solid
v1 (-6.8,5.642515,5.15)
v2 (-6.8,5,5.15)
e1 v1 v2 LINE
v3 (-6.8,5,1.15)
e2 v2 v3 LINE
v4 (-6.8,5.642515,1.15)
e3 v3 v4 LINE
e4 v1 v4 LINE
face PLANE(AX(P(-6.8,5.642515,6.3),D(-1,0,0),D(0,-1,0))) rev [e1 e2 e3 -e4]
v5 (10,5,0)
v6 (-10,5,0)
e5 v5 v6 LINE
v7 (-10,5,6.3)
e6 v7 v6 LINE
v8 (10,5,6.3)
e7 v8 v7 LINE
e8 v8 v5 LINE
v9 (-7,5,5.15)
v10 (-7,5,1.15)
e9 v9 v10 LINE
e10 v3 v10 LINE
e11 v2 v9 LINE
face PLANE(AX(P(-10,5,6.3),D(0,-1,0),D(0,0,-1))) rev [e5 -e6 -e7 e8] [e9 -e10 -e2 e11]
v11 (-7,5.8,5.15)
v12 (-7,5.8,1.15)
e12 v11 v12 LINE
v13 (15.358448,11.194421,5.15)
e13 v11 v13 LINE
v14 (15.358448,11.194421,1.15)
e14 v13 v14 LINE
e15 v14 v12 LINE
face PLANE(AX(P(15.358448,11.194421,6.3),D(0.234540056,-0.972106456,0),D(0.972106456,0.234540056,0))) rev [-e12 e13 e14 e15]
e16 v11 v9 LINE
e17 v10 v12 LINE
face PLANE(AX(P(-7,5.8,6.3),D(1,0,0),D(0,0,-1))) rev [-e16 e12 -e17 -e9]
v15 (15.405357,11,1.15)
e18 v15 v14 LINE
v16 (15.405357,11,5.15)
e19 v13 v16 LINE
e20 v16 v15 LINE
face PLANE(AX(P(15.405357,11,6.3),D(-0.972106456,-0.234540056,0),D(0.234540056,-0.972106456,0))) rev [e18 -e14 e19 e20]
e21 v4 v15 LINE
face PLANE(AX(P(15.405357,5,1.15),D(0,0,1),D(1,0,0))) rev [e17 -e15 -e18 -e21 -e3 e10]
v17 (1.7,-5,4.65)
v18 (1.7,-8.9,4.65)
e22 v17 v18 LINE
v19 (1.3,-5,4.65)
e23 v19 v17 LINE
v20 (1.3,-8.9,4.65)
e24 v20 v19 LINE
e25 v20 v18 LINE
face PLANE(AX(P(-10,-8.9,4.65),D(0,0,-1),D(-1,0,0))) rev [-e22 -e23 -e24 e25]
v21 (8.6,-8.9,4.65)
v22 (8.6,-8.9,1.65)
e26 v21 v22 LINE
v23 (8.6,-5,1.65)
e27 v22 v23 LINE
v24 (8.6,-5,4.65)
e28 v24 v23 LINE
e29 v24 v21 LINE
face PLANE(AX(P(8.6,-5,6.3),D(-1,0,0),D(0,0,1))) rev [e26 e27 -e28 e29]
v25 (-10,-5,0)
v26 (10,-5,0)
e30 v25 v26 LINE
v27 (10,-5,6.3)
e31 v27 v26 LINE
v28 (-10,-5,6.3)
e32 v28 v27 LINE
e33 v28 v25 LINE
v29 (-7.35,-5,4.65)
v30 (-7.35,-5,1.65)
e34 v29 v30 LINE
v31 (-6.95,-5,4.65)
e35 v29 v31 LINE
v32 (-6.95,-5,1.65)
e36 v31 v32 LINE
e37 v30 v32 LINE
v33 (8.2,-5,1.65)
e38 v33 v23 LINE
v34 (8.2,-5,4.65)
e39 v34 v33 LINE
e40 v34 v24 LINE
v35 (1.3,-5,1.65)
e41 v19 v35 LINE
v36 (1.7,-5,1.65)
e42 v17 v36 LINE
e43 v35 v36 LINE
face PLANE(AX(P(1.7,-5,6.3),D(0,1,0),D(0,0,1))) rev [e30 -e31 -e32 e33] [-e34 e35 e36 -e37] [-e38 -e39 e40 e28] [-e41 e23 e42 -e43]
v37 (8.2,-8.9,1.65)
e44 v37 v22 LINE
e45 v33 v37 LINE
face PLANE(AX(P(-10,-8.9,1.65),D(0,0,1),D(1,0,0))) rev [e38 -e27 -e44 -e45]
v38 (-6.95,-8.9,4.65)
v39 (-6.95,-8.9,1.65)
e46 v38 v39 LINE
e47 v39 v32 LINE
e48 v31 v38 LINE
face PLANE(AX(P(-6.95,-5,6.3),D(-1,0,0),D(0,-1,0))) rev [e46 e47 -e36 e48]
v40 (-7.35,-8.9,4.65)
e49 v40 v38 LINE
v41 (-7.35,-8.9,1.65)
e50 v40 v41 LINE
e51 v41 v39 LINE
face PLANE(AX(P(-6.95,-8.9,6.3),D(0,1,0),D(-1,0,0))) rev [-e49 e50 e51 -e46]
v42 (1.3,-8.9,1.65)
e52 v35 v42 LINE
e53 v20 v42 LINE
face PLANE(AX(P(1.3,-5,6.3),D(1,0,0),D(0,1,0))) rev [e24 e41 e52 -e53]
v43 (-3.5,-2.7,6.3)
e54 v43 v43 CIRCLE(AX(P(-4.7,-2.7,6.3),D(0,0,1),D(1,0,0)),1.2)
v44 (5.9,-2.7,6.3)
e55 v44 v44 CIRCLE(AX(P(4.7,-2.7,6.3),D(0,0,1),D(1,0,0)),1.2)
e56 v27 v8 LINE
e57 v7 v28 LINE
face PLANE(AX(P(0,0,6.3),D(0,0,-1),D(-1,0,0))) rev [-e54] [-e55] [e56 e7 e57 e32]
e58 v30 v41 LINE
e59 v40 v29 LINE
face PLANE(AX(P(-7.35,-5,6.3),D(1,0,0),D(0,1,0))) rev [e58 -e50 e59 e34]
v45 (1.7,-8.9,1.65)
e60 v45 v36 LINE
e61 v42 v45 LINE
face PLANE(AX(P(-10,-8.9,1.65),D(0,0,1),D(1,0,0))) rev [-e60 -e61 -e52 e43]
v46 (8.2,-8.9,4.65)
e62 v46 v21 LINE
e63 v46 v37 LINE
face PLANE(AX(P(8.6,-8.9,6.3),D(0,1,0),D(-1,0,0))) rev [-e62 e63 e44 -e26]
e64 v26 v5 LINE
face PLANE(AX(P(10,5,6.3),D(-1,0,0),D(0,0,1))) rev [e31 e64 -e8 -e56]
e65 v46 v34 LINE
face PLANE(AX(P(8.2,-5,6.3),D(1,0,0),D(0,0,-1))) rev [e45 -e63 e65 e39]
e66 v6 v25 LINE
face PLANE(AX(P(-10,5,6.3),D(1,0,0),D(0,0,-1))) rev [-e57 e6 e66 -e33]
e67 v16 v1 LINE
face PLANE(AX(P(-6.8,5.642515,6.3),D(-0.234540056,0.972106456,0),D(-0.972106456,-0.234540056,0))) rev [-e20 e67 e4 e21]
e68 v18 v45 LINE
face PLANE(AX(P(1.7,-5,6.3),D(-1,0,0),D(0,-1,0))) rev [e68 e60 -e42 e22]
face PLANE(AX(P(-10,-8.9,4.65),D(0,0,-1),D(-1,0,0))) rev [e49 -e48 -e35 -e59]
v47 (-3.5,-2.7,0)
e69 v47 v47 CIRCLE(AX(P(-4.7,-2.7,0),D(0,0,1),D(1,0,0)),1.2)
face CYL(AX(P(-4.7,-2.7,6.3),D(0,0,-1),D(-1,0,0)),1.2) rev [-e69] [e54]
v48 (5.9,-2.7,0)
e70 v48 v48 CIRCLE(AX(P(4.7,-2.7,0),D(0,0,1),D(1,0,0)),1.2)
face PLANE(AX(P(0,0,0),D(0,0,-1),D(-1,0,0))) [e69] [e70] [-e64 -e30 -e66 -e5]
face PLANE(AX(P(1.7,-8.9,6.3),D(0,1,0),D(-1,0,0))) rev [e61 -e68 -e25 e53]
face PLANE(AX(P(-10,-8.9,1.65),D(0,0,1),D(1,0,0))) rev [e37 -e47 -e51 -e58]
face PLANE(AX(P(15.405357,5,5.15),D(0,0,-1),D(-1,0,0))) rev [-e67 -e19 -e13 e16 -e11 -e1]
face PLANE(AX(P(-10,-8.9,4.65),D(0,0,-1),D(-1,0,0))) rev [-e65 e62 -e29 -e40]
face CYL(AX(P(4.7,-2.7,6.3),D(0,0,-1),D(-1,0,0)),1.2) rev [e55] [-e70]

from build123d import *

# Parameters (mm, degrees)
ESBO_O1_R                = 1.2
RESSALTO_EXTRUS_O1_DEPTH = 6.3
ESBO_O2_W                = 1.65
ESBO_O2_H                = 3.9
CORTE_EXTRUS_O1_DEPTH    = 21
ESBO_O3_W                = 1.15
ESBO_O3_H                = 6.194421291
CORTE_EXTRUS_O2_DEPTH    = 23.405356502


with BuildPart() as part:
    # Esboço1 → Ressalto-extrusão1 (new body)
    with BuildSketch(Plane.XY):
        Polygon((1.7, -5), (8.2, -5), (8.2, -8.9), (8.6, -8.9), (8.6, -5), (10, -5), (10, 5), (-6.8, 5), (-6.8, 5.642515202), (15.405356502, 11), (15.358448491, 11.194421291), (-7, 5.8), (-7, 5), (-10, 5), (-10, -5), (-7.35, -5), (-7.35, -8.9), (-6.95, -8.9), (-6.95, -5), (1.3, -5), (1.3, -8.9), (1.7, -8.9), align=None)
        with Locations((-4.7, -2.7)):
            Circle(ESBO_O1_R, mode=Mode.SUBTRACT)
        with Locations((4.7, -2.7)):
            Circle(ESBO_O1_R, mode=Mode.SUBTRACT)
    extrude(amount=RESSALTO_EXTRUS_O1_DEPTH)

    # Esboço2 → Corte-extrusão1 (cut, through all)
    with BuildSketch(Plane(origin=(10, 0, 0), x_dir=(0, 0, -1), z_dir=(1, 0, 0))):
        with Locations((-0.825, -6.95)):
            Rectangle(ESBO_O2_W, ESBO_O2_H)
        with Locations((-5.475, -6.95)):
            Rectangle(ESBO_O2_W, ESBO_O2_H)
    extrude(amount=-CORTE_EXTRUS_O1_DEPTH, mode=Mode.SUBTRACT)

    # Esboço3 → Corte-extrusão2 (cut, through all)
    with BuildSketch(Plane.ZY.offset(7)):
        with Locations((0.575, 8.097210646)):
            Rectangle(ESBO_O3_W, ESBO_O3_H)
        with Locations((5.725, 8.097210646)):
            Rectangle(ESBO_O3_W, ESBO_O3_H)
    extrude(amount=-CORTE_EXTRUS_O2_DEPTH, mode=Mode.SUBTRACT)


solid = part.part
